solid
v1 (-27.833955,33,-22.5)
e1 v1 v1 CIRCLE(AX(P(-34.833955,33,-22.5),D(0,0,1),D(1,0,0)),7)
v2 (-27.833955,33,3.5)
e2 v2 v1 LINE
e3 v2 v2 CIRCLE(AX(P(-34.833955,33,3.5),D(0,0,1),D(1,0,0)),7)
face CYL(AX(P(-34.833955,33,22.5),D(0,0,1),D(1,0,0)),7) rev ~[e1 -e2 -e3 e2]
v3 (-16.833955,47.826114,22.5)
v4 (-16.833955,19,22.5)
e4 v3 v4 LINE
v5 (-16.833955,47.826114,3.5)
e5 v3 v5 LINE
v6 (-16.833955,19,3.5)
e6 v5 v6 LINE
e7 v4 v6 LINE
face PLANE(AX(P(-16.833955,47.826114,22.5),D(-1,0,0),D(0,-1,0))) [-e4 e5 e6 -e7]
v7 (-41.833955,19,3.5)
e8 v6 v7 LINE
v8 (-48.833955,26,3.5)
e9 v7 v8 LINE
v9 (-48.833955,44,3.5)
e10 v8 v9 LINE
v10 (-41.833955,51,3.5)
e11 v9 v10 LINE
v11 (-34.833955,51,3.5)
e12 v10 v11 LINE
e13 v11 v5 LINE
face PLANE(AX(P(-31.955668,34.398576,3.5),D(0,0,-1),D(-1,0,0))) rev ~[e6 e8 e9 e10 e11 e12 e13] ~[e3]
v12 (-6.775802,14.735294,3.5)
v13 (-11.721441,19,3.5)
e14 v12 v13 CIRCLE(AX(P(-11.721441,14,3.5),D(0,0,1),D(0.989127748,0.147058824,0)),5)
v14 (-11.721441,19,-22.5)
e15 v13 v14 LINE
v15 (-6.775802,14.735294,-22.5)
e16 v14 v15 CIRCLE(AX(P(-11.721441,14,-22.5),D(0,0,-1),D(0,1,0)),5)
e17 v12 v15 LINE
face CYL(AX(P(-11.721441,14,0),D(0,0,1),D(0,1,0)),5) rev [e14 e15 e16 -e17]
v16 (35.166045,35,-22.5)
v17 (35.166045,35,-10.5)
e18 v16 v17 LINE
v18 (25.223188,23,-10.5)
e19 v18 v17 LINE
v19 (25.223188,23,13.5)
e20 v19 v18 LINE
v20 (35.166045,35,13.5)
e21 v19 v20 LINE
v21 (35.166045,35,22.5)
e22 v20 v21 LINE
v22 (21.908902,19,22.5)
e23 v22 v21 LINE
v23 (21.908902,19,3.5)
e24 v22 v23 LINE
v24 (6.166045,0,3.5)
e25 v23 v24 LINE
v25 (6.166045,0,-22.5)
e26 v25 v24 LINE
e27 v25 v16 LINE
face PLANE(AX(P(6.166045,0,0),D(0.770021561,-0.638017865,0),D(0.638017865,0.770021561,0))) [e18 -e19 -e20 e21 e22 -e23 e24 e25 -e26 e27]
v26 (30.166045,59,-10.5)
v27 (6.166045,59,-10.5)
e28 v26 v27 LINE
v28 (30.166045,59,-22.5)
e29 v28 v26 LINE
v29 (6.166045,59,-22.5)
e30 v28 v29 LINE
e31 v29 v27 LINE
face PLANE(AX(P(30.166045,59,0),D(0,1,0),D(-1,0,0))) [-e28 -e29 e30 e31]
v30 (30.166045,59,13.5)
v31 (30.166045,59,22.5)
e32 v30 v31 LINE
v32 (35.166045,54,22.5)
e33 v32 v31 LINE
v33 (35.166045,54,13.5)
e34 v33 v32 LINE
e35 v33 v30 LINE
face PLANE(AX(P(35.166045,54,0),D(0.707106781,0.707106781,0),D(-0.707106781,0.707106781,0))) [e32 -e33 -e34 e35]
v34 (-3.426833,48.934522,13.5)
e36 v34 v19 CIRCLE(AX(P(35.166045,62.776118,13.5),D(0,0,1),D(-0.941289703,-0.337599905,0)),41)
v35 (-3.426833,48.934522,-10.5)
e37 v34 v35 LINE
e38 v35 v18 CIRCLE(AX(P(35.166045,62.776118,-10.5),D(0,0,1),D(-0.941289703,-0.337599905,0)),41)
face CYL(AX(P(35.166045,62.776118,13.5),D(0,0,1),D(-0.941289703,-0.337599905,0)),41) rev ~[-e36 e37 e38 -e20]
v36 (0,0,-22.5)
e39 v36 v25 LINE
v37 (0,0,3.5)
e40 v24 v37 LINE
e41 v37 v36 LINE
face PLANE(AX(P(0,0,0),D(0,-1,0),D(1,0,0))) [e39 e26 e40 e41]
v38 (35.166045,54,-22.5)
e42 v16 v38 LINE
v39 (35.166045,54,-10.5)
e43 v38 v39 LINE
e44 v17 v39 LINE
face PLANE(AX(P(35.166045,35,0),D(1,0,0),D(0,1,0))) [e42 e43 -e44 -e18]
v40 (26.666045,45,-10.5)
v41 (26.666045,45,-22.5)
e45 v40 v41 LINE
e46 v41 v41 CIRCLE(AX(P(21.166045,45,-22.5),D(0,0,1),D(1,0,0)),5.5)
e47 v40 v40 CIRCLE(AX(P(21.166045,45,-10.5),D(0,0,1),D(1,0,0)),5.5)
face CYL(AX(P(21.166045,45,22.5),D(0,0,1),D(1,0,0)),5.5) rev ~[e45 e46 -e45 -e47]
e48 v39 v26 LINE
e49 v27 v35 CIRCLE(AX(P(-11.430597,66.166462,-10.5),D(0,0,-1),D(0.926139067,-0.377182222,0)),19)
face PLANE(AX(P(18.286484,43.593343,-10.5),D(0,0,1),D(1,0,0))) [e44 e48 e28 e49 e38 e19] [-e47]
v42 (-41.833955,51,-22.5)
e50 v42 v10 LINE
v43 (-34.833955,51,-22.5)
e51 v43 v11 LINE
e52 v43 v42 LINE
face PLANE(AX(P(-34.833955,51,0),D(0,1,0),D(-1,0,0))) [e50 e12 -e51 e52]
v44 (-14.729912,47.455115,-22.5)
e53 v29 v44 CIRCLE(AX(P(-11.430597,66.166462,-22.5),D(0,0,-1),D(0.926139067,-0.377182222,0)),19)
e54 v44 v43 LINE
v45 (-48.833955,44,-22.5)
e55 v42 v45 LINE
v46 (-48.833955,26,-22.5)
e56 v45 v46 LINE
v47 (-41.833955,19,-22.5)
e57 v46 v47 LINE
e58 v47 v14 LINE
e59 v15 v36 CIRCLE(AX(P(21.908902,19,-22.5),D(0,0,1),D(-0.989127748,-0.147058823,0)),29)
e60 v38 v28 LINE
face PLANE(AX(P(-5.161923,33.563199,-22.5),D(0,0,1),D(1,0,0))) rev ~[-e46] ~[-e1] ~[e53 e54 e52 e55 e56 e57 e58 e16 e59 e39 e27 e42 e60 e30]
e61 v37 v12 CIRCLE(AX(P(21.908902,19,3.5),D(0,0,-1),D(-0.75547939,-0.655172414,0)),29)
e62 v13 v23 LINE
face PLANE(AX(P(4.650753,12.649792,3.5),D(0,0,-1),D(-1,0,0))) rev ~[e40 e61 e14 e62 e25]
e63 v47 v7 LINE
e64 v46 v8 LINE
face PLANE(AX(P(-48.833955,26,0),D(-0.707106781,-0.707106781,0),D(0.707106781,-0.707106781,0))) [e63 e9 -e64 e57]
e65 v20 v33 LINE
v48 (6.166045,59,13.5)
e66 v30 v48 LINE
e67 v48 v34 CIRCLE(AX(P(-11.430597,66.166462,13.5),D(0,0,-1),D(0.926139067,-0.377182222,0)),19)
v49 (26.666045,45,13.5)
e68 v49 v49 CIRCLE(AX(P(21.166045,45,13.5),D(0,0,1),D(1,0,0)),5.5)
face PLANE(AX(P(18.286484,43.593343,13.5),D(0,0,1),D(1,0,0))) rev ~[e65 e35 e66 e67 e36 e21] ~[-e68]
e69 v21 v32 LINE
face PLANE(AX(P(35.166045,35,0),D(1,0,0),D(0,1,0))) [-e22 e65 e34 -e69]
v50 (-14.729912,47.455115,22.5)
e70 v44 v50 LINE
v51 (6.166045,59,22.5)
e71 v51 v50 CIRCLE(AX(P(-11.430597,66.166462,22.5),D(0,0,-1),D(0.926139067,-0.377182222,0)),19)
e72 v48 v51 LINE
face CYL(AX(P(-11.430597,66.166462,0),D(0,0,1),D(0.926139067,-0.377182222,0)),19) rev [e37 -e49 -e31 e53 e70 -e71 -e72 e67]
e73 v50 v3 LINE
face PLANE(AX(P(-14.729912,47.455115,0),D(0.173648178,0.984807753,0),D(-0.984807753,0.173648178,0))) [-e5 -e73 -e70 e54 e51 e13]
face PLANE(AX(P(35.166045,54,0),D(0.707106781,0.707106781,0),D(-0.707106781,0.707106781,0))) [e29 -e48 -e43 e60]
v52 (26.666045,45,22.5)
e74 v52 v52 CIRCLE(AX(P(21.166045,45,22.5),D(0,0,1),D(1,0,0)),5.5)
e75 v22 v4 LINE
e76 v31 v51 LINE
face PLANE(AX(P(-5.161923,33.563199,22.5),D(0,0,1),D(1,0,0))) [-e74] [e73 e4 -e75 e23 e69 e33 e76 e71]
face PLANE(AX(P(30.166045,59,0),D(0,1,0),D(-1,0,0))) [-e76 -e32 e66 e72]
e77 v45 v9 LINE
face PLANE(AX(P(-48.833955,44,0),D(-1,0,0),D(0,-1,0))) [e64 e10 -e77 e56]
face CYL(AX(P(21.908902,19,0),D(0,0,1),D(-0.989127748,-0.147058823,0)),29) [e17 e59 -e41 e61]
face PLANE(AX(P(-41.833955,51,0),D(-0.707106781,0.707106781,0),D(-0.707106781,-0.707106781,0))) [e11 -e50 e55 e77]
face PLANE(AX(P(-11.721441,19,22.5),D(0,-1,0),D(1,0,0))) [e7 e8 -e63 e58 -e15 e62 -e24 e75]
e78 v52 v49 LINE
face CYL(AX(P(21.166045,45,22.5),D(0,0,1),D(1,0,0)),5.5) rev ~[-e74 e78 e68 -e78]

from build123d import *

# Parameters (mm, degrees)
BOSS_EXTRU_1_DEPTH      = 22.5
ESQUISSE2_R             = 7
ENL_V_MAT_EXTRU_1_DEPTH = 89.82992258
ENL_V_MAT_EXTRU_2_DEPTH = 19
ENL_V_START             = -9
ENL_V_MAT_EXTRU_3_DEPTH = 24
ESQUISSE6_R             = 5.5
ENL_V_MAT_EXTRU_4_DEPTH = 89.82992258


with BuildPart() as part:
    # Esquisse1 → Boss.-Extru.1 (new, symmetric)
    with BuildSketch(Plane.XY):
        with BuildLine():
            Line((0, 0), (6.166045157, 0))
            Line((6.166045157, 0), (35.166045157, 35))
            Line((35.166045157, 35), (35.166045157, 54))
            Line((35.166045157, 54), (30.166045157, 59))
            Line((30.166045157, 59), (6.166045157, 59))
            ThreePointArc((6.166045157, 59), (-2.242317514, 49.535902458), (-14.729912491, 47.455114912))
            Line((-14.729912491, 47.455114912), (-34.833954843, 51))
            Line((-34.833954843, 51), (-41.833954843, 51))
            Line((-41.833954843, 51), (-48.833954843, 44))
            Line((-48.833954843, 44), (-48.833954843, 26))
            Line((-48.833954843, 26), (-41.833954843, 19))
            Line((-41.833954843, 19), (-11.721441141, 19))
            ThreePointArc((-11.721441141, 19), (-8.45620536, 17.786586232), (-6.7758024, 14.735294118))
            ThreePointArc((-6.7758024, 14.735294118), (-4.438972197, 6.884327939), (0, 0))
        make_face()
    extrude(amount=BOSS_EXTRU_1_DEPTH, both=True)

    # Esquisse2 → Enlèv. mat.-Extru.1 (cut, through all)
    with BuildSketch(Plane.XY.offset(22.5)):
        with Locations((-34.833954843, 33)):
            Circle(ESQUISSE2_R)
    extrude(amount=-ENL_V_MAT_EXTRU_1_DEPTH, mode=Mode.SUBTRACT)

    # Esquisse4 → Enlèv. mat.-Extru.2 (cut)
    with BuildSketch(Plane.XY.offset(22.5)):
        Polygon((-16.833954843, 47.826114347), (-16.833954843, 19), (-41.833954843, 19), (-48.833954843, 26), (-48.833954843, 44), (-41.833954843, 51), (-34.833954843, 51), align=None)
        with BuildLine():
            Line((-11.721441141, 19), (21.9089023, 19))
            Line((21.9089023, 19), (6.166045157, 0))
            Line((6.166045157, 0), (0, 0))
            ThreePointArc((0, 0), (-4.438972197, 6.884327939), (-6.7758024, 14.735294118))
            ThreePointArc((-6.7758024, 14.735294118), (-8.45620536, 17.786586232), (-11.721441141, 19))
        make_face()
    extrude(amount=-ENL_V_MAT_EXTRU_2_DEPTH, mode=Mode.SUBTRACT)

    # Esquisse5 → Enlèv. mat.-Extru.3 (cut)
    with BuildSketch(Plane.XY.offset(22.5).offset(ENL_V_START)):
        with BuildLine():
            Line((25.223188014, 23), (35.166045157, 35))
            Line((35.166045157, 35), (35.166045157, 54))
            Line((35.166045157, 54), (30.166045157, 59))
            Line((30.166045157, 59), (6.166045157, 59))
            ThreePointArc((6.166045157, 59), (2.323444718, 53.058207825), (-3.426832653, 48.93452227))
            ThreePointArc((-3.426832653, 48.93452227), (7.650971958, 32.380053701), (25.223188014, 23))
        make_face()
    extrude(amount=-ENL_V_MAT_EXTRU_3_DEPTH, mode=Mode.SUBTRACT)

    # Esquisse6 → Enlèv. mat.-Extru.4 (cut, through all)
    with BuildSketch(Plane.XY.offset(22.5)):
        with Locations((21.166045157, 45)):
            Circle(ESQUISSE6_R)
    extrude(amount=-ENL_V_MAT_EXTRU_4_DEPTH, mode=Mode.SUBTRACT)


solid = part.part
